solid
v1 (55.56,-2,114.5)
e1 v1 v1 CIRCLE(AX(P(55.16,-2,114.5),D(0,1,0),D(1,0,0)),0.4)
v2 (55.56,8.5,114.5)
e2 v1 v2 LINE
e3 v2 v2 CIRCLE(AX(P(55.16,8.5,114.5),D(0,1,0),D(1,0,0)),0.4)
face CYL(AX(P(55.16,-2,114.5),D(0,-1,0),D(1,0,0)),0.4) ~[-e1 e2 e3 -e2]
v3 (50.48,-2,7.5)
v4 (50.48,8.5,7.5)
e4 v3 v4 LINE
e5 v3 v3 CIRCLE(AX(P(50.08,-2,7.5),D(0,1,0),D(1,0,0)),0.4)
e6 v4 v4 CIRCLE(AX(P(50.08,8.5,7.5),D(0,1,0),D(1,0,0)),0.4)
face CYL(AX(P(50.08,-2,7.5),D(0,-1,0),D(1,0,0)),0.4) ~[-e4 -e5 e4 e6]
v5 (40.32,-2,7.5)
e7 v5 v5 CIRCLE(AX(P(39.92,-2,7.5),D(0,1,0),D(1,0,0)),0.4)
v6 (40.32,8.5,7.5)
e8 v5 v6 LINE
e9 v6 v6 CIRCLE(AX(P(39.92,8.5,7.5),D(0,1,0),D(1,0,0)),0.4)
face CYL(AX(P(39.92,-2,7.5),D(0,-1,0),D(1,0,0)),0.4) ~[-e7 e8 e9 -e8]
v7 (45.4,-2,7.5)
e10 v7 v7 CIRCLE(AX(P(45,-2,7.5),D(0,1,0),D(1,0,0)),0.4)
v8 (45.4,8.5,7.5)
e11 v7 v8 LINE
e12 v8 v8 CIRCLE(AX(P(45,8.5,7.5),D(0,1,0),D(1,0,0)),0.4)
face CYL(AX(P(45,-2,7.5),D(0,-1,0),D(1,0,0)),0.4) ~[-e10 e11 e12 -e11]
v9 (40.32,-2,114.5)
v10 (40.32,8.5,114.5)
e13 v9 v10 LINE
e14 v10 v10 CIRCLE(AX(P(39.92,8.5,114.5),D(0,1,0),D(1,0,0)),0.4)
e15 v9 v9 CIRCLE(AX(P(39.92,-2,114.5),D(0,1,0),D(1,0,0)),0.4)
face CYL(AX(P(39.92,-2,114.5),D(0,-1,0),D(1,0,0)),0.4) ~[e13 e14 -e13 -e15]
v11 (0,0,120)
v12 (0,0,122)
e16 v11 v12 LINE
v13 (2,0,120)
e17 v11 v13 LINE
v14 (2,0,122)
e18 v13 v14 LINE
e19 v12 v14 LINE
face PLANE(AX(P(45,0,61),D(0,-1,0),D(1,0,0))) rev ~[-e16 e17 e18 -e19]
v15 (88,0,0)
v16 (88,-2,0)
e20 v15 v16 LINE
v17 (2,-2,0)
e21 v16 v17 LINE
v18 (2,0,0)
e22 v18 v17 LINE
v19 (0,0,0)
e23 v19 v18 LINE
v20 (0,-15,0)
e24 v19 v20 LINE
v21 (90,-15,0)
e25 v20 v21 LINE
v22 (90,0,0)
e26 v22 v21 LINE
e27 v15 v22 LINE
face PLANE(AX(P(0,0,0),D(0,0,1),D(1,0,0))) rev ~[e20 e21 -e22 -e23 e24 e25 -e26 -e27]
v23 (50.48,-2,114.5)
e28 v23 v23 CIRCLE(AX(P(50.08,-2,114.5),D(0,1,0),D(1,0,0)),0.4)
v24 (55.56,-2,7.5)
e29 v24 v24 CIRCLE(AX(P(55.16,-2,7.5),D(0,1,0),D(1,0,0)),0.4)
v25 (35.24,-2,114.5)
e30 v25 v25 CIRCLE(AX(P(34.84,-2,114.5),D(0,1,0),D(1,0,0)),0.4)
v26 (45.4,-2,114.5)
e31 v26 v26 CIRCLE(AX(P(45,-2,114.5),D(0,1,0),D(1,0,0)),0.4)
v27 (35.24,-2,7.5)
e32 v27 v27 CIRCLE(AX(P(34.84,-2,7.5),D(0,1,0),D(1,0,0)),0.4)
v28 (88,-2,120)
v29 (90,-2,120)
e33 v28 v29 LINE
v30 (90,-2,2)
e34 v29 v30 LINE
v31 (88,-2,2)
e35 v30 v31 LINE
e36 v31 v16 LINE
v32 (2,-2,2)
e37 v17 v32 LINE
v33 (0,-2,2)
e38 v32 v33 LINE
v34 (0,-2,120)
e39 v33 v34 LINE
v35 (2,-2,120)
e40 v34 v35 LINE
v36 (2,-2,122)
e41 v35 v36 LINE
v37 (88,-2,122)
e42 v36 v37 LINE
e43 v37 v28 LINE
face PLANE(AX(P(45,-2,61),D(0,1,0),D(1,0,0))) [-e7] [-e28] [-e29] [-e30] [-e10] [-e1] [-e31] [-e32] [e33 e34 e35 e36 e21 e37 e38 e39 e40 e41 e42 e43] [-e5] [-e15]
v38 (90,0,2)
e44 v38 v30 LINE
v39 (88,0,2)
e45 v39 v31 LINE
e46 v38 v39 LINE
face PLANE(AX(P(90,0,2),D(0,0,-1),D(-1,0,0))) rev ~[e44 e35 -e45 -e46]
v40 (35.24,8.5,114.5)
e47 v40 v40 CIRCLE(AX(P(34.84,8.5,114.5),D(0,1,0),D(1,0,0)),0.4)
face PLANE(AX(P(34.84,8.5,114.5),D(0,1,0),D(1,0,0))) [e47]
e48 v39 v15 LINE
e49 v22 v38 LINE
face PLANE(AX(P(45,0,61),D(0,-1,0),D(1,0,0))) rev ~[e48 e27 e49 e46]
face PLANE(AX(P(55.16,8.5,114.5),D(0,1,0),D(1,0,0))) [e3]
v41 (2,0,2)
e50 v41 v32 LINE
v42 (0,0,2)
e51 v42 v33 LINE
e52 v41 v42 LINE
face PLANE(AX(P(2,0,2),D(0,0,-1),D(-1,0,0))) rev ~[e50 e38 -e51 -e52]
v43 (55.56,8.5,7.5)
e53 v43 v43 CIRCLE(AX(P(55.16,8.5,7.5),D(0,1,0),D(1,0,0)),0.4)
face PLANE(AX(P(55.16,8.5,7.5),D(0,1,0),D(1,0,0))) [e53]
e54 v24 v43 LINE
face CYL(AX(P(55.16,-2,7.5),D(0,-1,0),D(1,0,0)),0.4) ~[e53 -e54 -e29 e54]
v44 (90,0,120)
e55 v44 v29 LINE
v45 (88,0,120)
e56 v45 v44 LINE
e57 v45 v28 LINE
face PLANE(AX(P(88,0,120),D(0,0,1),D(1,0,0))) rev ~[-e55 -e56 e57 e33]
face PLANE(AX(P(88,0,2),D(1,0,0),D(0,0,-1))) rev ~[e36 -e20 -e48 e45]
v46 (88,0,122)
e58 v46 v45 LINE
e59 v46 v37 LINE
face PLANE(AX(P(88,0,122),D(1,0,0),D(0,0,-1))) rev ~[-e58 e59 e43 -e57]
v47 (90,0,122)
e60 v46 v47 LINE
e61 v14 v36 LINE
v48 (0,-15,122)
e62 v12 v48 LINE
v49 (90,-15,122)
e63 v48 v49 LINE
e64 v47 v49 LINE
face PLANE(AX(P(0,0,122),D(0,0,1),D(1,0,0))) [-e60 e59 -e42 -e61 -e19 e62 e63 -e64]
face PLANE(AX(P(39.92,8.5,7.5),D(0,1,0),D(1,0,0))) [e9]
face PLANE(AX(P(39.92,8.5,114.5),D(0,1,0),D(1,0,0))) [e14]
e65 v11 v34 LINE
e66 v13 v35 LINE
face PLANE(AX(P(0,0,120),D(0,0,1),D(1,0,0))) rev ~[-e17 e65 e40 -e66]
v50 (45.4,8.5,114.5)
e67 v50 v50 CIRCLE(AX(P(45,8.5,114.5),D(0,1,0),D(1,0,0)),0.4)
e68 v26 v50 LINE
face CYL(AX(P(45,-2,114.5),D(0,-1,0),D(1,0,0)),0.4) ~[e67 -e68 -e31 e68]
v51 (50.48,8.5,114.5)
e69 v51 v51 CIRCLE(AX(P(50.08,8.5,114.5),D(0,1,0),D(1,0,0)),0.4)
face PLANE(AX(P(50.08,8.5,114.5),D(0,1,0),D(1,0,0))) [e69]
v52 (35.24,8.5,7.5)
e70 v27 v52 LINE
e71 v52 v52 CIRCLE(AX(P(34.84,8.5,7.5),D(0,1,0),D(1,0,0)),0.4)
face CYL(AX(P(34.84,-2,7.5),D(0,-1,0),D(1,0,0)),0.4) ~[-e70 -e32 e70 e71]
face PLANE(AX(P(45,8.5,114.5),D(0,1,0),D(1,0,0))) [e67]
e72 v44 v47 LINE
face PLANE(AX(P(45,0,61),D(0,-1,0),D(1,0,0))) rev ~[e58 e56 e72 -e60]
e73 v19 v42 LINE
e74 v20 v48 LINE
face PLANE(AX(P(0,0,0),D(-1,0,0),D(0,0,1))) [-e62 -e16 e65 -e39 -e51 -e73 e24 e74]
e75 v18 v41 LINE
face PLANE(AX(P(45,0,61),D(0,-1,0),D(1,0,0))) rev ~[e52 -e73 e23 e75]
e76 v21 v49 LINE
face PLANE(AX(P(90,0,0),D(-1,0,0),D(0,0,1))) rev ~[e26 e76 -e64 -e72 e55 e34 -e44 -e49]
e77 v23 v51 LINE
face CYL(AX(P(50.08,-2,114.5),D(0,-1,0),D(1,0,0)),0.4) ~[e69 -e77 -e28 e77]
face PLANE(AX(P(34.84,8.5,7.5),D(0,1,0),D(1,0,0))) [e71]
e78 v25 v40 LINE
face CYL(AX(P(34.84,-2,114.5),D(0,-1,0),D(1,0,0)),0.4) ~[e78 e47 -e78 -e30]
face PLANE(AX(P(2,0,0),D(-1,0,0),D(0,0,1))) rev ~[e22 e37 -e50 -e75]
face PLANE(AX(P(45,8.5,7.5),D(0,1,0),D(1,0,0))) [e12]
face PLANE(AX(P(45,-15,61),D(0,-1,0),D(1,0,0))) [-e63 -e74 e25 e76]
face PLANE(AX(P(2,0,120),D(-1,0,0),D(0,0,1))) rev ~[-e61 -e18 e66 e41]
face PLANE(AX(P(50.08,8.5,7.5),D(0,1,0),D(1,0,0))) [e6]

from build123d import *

# Parameters (mm, degrees)
SKETCH_W     = 90
SKETCH_H     = 122
PAD_DEPTH    = 15
POCKET_DEPTH = 2
SKETCH002_R  = 0.4
PAD001_DEPTH = 10.5


with BuildPart() as part:
    # Sketch → Pad (new body)
    with BuildSketch(Plane.XZ):
        with Locations((45, 61)):
            Rectangle(SKETCH_W, SKETCH_H)
    extrude(amount=PAD_DEPTH)

    # Sketch001 (on Face5 of Pad) → Pocket (cut)
    with BuildSketch(Plane(origin=(0, 0, 0), x_dir=(1, 0, 0), z_dir=(0, 1, 0))):
        Polygon((88, -122), (88, -120), (90, -120), (90, -2), (88, -2), (88, 0), (2, 0), (2, -2), (0, -2), (0, -120), (2, -120), (2, -122), align=None)
    extrude(amount=-POCKET_DEPTH, mode=Mode.SUBTRACT)

    # Sketch002 (on Face4 of Pocket) → Pad001 (join)
    with BuildSketch(Plane(origin=(0, -2, 0), x_dir=(1, 0, 0), z_dir=(0, 1, 0))):
        with Locations((34.84, -7.5)):
            Circle(SKETCH002_R)
        with Locations((39.92, -7.5)):
            Circle(SKETCH002_R)
        with Locations((45, -7.5)):
            Circle(SKETCH002_R)
        with Locations((50.08, -7.5)):
            Circle(SKETCH002_R)
        with Locations((55.16, -7.5)):
            Circle(SKETCH002_R)
        with Locations((34.84, -114.5)):
            Circle(SKETCH002_R)
        with Locations((39.92, -114.5)):
            Circle(SKETCH002_R)
        with Locations((45, -114.5)):
            Circle(SKETCH002_R)
        with Locations((50.08, -114.5)):
            Circle(SKETCH002_R)
        with Locations((55.16, -114.5)):
            Circle(SKETCH002_R)
    extrude(amount=PAD001_DEPTH)


solid = part.part
